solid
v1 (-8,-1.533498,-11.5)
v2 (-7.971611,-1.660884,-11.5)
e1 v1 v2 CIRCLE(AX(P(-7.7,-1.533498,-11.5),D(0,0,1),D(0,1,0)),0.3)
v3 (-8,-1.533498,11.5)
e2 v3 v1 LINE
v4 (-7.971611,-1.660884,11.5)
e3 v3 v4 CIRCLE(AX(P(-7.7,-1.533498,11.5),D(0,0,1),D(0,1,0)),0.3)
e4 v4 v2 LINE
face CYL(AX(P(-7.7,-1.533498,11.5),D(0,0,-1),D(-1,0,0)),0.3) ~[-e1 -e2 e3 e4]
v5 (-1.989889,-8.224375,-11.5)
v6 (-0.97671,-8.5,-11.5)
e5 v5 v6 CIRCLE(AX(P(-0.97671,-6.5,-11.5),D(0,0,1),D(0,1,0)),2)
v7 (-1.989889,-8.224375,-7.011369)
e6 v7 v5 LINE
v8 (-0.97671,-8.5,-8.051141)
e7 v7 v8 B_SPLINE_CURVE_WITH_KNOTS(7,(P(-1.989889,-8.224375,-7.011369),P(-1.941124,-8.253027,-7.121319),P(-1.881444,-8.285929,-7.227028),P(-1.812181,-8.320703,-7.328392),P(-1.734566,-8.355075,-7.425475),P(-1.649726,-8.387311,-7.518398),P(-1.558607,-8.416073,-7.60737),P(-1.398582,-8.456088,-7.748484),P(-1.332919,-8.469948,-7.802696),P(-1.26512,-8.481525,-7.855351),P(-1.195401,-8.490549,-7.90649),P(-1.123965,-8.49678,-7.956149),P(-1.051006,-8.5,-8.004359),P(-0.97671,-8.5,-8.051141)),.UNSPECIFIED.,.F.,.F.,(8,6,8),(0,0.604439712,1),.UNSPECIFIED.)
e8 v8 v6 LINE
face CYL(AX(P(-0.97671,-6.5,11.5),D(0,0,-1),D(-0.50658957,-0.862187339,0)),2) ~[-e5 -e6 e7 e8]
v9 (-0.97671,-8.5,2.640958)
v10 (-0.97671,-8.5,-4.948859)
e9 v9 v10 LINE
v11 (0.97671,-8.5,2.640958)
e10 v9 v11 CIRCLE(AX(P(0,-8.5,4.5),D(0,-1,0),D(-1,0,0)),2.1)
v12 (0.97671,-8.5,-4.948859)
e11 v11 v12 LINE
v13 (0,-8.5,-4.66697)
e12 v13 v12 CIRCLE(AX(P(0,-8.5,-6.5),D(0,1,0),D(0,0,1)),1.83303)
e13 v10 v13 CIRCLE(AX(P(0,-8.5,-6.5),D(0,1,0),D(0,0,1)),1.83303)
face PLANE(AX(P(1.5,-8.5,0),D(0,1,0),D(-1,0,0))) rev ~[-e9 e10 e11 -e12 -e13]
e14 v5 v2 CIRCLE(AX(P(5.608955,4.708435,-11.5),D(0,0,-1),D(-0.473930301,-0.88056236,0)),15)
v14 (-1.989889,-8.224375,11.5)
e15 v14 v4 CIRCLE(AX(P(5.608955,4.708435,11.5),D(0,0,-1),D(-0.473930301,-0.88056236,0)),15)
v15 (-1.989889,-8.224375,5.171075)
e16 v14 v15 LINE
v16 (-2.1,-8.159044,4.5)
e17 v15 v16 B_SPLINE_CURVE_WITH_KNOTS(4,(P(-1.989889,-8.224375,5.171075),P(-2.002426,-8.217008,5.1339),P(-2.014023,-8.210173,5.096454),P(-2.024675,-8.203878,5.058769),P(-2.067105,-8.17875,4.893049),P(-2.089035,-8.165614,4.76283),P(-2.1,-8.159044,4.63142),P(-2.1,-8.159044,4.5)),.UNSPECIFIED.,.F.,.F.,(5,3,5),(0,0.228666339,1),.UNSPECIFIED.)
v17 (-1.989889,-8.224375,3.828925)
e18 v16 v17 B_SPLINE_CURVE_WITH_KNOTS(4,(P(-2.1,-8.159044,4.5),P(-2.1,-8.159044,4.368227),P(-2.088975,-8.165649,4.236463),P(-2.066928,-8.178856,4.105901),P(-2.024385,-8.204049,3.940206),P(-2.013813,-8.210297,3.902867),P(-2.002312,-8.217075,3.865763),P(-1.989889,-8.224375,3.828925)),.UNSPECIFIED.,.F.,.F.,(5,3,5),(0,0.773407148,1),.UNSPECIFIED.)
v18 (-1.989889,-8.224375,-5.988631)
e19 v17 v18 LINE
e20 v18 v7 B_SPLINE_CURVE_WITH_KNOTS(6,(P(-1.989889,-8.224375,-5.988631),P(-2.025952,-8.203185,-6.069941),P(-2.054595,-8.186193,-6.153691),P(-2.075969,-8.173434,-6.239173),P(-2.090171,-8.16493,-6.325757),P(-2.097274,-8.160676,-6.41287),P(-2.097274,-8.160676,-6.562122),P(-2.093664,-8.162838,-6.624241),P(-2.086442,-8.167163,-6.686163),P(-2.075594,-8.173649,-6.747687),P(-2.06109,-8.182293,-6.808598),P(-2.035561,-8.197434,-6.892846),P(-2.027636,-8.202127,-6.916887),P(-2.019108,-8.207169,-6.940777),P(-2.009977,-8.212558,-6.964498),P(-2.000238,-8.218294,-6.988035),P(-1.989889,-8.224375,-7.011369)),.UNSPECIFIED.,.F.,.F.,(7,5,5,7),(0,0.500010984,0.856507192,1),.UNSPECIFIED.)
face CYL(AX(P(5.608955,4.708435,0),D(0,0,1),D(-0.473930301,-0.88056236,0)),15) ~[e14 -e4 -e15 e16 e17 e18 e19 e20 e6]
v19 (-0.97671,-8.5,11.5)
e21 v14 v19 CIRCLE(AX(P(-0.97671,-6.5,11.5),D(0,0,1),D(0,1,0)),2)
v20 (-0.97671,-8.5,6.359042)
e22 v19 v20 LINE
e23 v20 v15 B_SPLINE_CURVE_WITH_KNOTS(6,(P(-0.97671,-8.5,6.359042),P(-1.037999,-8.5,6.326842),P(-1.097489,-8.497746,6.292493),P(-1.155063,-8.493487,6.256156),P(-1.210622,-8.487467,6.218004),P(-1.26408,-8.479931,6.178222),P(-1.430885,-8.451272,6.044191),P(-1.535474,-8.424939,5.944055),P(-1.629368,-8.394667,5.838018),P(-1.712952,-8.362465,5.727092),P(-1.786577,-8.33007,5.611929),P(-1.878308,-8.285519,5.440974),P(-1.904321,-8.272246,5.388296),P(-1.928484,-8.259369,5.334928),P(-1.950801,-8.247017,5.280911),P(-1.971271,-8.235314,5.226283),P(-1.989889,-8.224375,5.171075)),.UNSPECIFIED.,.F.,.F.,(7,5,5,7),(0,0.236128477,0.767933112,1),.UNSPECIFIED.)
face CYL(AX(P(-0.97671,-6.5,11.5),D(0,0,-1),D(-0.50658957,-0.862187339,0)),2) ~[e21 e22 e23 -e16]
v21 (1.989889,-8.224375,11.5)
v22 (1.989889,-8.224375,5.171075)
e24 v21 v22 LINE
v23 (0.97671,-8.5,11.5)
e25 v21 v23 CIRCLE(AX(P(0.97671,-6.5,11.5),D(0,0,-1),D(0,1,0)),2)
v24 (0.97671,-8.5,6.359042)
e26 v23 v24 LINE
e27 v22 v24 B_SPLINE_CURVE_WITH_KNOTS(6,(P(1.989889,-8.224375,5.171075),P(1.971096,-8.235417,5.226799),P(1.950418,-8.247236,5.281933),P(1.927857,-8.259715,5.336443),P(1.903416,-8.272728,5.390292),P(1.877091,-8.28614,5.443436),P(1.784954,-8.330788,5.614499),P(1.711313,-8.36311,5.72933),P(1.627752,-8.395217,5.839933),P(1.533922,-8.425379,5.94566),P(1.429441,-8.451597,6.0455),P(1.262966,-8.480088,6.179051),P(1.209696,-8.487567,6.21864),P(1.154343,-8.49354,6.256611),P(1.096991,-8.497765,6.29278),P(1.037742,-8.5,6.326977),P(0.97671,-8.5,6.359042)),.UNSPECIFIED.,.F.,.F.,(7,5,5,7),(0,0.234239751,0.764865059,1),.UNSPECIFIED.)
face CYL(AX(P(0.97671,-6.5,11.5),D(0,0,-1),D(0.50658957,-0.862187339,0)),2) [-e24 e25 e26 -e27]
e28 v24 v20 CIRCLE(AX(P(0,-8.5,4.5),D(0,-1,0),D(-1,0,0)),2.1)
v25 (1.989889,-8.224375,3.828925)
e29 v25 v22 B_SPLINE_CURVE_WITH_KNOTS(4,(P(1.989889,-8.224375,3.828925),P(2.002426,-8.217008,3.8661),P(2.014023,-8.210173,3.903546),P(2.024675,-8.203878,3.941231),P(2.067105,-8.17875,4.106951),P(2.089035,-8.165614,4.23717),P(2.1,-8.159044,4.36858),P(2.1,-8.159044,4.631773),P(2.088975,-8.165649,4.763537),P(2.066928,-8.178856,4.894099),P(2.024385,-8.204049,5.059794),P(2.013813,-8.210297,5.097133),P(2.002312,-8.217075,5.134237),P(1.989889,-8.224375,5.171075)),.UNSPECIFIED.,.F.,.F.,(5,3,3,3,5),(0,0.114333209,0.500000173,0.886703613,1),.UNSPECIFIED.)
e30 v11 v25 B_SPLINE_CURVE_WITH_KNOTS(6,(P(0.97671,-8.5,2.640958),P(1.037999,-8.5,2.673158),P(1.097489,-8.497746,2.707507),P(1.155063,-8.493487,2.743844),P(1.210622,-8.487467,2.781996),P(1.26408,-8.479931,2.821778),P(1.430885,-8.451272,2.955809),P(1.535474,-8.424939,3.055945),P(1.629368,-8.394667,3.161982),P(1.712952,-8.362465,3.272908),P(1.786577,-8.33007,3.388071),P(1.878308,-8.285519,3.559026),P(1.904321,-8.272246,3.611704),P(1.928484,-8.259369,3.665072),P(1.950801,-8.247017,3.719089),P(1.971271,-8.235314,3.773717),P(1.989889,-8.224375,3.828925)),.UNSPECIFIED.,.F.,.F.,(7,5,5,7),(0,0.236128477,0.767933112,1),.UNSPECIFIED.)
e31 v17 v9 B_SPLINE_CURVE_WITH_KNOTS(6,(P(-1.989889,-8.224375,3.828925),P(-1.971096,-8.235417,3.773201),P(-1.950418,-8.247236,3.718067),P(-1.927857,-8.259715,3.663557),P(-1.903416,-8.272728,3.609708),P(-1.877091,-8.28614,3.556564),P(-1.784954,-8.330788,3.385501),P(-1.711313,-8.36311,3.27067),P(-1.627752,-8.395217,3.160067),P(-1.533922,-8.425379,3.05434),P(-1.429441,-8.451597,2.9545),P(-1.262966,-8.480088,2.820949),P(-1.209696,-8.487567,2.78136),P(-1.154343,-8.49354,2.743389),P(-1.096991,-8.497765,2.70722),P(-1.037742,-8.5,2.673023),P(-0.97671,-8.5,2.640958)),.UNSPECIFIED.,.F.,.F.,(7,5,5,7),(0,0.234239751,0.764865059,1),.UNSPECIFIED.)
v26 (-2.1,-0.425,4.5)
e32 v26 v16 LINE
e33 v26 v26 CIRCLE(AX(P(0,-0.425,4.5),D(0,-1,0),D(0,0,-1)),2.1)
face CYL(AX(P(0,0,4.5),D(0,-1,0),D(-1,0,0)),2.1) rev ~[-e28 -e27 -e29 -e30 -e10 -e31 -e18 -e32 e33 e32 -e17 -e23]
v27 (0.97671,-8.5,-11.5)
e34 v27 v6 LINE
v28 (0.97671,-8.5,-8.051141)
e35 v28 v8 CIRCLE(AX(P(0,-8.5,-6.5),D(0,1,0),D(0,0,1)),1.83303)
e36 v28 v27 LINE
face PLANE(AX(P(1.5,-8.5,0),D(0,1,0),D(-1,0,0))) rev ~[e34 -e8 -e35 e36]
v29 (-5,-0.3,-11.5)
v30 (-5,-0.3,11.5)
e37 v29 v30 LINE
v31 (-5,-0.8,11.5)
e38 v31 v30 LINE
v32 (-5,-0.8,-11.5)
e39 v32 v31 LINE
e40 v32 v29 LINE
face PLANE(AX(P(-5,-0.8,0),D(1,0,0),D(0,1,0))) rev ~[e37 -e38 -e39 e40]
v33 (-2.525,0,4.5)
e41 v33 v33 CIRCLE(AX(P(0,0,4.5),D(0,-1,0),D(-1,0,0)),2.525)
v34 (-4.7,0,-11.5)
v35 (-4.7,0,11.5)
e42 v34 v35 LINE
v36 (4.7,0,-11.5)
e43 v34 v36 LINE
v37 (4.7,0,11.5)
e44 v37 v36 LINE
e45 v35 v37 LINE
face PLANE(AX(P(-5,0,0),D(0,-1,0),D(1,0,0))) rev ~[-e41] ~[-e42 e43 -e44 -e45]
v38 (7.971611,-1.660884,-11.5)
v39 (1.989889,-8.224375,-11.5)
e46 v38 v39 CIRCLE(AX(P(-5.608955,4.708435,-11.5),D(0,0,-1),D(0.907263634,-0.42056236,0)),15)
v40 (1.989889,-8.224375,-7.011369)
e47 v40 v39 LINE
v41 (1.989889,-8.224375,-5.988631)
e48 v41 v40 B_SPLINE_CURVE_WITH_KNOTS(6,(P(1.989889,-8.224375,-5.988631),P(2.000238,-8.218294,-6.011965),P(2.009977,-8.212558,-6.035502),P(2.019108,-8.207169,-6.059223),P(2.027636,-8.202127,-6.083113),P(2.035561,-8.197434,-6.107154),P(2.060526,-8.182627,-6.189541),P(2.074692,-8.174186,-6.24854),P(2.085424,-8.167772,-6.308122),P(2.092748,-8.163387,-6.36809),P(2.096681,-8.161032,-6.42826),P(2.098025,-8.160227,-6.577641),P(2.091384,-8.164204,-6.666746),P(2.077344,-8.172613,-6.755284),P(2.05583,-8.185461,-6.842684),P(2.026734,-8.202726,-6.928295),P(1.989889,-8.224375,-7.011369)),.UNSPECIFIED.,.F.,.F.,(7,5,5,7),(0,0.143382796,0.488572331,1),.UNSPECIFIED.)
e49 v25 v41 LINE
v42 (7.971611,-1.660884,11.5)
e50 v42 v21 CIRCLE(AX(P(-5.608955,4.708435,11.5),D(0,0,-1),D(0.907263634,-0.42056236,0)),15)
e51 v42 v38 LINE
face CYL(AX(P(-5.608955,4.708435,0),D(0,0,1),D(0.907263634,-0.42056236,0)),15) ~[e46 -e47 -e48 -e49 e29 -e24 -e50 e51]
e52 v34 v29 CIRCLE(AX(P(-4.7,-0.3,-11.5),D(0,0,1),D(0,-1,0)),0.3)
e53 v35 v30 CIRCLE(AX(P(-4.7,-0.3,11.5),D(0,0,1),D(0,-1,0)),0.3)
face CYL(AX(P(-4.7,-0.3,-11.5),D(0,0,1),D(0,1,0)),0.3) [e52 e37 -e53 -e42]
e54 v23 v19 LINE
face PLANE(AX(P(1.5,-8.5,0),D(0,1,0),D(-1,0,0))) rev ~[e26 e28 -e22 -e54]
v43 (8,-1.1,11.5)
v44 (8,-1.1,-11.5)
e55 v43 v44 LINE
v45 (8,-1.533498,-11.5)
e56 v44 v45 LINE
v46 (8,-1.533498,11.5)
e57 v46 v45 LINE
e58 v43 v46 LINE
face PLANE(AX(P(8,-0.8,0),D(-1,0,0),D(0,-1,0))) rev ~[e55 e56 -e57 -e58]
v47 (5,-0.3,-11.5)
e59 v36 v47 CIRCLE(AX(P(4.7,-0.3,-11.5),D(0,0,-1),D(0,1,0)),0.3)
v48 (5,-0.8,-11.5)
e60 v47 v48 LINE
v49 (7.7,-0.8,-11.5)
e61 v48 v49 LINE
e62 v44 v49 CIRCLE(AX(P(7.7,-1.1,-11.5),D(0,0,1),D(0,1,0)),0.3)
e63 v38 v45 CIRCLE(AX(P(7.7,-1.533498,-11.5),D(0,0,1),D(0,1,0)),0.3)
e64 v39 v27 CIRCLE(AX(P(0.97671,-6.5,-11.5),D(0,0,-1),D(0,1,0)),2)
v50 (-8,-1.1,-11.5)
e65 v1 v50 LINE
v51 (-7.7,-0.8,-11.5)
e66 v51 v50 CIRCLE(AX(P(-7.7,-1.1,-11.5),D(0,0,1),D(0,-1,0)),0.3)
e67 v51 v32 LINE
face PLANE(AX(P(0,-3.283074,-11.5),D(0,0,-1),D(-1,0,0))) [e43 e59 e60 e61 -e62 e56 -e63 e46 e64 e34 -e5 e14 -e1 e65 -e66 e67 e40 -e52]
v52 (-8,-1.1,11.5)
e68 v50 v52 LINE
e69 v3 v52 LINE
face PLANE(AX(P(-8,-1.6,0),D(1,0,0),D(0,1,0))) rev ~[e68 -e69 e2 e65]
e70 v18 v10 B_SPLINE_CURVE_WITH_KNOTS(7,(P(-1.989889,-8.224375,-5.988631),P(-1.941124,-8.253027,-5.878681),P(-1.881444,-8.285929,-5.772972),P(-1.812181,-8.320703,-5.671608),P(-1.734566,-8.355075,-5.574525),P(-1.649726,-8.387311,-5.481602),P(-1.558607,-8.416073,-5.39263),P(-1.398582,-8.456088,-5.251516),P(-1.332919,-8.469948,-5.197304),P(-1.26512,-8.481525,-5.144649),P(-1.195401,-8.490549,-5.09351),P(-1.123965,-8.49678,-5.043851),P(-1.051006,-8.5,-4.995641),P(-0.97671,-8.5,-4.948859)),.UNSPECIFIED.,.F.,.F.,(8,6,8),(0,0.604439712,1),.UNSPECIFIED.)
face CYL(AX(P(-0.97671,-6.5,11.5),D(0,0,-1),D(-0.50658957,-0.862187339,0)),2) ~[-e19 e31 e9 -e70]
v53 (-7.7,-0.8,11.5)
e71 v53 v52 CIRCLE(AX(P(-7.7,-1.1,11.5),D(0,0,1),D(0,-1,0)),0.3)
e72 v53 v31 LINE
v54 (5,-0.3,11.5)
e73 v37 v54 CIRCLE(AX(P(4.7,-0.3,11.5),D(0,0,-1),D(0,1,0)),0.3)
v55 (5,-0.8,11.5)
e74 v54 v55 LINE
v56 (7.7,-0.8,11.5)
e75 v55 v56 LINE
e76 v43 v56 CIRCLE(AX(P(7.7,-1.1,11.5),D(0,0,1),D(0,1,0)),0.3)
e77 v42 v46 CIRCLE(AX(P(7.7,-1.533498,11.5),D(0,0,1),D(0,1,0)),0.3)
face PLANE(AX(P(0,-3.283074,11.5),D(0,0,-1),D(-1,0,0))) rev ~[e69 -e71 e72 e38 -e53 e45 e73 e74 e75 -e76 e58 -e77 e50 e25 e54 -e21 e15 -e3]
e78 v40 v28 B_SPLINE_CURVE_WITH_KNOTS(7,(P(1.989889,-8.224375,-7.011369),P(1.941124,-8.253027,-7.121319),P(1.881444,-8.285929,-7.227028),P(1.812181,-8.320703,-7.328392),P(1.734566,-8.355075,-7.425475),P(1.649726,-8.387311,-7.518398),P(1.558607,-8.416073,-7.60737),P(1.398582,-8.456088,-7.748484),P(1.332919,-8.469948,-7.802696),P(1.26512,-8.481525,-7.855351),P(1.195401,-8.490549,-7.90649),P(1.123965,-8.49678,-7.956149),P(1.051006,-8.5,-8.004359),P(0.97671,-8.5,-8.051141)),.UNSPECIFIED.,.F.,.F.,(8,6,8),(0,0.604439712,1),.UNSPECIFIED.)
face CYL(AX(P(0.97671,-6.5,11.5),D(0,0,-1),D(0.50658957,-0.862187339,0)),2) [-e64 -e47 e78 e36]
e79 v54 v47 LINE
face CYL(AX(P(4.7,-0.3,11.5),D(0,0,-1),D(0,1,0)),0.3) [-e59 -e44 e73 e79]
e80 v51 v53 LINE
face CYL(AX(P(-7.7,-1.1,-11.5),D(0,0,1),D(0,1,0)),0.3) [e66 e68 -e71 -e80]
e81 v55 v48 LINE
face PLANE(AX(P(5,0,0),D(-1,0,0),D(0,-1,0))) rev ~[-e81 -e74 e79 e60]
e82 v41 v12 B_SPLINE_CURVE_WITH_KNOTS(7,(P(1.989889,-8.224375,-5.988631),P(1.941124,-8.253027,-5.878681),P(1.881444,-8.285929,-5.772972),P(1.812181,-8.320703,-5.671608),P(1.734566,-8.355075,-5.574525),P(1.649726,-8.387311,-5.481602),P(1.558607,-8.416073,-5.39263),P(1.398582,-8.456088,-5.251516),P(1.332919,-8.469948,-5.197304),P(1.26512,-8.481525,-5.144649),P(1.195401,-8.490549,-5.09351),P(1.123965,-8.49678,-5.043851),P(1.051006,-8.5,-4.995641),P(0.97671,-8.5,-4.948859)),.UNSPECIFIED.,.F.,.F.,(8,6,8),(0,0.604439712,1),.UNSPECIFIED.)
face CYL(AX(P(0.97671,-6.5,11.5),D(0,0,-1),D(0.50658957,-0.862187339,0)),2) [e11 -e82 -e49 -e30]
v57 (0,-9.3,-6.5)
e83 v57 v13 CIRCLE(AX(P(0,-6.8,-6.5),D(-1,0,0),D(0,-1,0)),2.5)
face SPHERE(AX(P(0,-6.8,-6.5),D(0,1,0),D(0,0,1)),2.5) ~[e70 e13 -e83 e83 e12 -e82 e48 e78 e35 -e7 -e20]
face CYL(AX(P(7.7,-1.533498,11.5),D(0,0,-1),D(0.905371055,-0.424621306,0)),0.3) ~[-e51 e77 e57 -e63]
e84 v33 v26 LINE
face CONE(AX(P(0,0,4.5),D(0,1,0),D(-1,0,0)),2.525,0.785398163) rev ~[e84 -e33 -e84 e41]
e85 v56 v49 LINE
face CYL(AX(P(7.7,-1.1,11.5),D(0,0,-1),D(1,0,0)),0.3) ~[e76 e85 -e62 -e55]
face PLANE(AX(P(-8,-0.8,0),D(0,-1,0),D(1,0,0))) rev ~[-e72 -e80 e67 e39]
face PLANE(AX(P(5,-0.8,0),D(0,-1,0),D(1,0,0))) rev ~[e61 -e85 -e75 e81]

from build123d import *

# Parameters (mm, degrees)
EXTRUDE_1_DEPTH             = 11.5
FILLET_1_R                  = 0.3
FILLET_2_R                  = 2
HOLE_WIZARD_M53_D           = 4.2
HOLE_WIZARD_M53_CSINK_D     = 5.05
HOLE_WIZARD_M53_CSINK_ANGLE = 90


with BuildPart() as part:
    # Эскиз1 → Бобышка-Вытянуть1 (new body, symmetric)
    with BuildSketch(Plane.XY):
        with BuildLine():
            Line((-5, 0), (5, 0))
            Line((5, 0), (5, -0.8))
            Line((5, -0.8), (8, -0.8))
            Line((8, -0.8), (8, -1.6))
            ThreePointArc((8, -1.6), (5.309398779, -5.576969864), (1.5, -8.5))
            Line((1.5, -8.5), (-1.5, -8.5))
            ThreePointArc((-1.5, -8.5), (-5.309398779, -5.576969864), (-8, -1.6))
            Line((-8, -1.6), (-8, -0.8))
            Line((-8, -0.8), (-5, -0.8))
            Line((-5, -0.8), (-5, 0))
        make_face()
    extrude(amount=EXTRUDE_1_DEPTH, both=True)

    # Скругление1
    fillet_1_edges = [part.edges().sort_by_distance(p)[0] for p in [
        (8, -0.8, 0),
        (8, -1.6, 0),
        (-8, -1.6, 0),
        (-8, -0.8, 0),
        (-5, 0, 0),
        (5, 0, 0),
    ]]
    fillet(fillet_1_edges, radius=FILLET_1_R)

    # Скругление2
    fillet_2_edges = [part.edges().sort_by_distance(p)[0] for p in [
        (1.5, -8.5, 0),
        (-1.5, -8.5, 0),
    ]]
    fillet(fillet_2_edges, radius=FILLET_2_R)

    # Отверстие обработанное метчиком M53 (through all)
    with Locations(Plane(origin=(0, 0, 0), x_dir=(1, 0, 0), z_dir=(0, 1, 0))):
        with Locations((0, -4.5)):
            CounterSinkHole(HOLE_WIZARD_M53_D / 2, HOLE_WIZARD_M53_CSINK_D / 2, counter_sink_angle=HOLE_WIZARD_M53_CSINK_ANGLE)

    # Эскиз5 → Повернуть1 (revolve)
    with BuildSketch(Plane(origin=(0, 0, 0), x_dir=(0, 0, -1), z_dir=(1, 0, 0))):
        with BuildLine():
            Line((6.5, -4.3), (6.5, -9.3))
            ThreePointArc((6.5, -9.3), (4, -6.8), (6.5, -4.3))
        make_face()
    revolve(axis=Axis((0, -4.3, -6.5), (0, -1, 0)))


solid = part.part
